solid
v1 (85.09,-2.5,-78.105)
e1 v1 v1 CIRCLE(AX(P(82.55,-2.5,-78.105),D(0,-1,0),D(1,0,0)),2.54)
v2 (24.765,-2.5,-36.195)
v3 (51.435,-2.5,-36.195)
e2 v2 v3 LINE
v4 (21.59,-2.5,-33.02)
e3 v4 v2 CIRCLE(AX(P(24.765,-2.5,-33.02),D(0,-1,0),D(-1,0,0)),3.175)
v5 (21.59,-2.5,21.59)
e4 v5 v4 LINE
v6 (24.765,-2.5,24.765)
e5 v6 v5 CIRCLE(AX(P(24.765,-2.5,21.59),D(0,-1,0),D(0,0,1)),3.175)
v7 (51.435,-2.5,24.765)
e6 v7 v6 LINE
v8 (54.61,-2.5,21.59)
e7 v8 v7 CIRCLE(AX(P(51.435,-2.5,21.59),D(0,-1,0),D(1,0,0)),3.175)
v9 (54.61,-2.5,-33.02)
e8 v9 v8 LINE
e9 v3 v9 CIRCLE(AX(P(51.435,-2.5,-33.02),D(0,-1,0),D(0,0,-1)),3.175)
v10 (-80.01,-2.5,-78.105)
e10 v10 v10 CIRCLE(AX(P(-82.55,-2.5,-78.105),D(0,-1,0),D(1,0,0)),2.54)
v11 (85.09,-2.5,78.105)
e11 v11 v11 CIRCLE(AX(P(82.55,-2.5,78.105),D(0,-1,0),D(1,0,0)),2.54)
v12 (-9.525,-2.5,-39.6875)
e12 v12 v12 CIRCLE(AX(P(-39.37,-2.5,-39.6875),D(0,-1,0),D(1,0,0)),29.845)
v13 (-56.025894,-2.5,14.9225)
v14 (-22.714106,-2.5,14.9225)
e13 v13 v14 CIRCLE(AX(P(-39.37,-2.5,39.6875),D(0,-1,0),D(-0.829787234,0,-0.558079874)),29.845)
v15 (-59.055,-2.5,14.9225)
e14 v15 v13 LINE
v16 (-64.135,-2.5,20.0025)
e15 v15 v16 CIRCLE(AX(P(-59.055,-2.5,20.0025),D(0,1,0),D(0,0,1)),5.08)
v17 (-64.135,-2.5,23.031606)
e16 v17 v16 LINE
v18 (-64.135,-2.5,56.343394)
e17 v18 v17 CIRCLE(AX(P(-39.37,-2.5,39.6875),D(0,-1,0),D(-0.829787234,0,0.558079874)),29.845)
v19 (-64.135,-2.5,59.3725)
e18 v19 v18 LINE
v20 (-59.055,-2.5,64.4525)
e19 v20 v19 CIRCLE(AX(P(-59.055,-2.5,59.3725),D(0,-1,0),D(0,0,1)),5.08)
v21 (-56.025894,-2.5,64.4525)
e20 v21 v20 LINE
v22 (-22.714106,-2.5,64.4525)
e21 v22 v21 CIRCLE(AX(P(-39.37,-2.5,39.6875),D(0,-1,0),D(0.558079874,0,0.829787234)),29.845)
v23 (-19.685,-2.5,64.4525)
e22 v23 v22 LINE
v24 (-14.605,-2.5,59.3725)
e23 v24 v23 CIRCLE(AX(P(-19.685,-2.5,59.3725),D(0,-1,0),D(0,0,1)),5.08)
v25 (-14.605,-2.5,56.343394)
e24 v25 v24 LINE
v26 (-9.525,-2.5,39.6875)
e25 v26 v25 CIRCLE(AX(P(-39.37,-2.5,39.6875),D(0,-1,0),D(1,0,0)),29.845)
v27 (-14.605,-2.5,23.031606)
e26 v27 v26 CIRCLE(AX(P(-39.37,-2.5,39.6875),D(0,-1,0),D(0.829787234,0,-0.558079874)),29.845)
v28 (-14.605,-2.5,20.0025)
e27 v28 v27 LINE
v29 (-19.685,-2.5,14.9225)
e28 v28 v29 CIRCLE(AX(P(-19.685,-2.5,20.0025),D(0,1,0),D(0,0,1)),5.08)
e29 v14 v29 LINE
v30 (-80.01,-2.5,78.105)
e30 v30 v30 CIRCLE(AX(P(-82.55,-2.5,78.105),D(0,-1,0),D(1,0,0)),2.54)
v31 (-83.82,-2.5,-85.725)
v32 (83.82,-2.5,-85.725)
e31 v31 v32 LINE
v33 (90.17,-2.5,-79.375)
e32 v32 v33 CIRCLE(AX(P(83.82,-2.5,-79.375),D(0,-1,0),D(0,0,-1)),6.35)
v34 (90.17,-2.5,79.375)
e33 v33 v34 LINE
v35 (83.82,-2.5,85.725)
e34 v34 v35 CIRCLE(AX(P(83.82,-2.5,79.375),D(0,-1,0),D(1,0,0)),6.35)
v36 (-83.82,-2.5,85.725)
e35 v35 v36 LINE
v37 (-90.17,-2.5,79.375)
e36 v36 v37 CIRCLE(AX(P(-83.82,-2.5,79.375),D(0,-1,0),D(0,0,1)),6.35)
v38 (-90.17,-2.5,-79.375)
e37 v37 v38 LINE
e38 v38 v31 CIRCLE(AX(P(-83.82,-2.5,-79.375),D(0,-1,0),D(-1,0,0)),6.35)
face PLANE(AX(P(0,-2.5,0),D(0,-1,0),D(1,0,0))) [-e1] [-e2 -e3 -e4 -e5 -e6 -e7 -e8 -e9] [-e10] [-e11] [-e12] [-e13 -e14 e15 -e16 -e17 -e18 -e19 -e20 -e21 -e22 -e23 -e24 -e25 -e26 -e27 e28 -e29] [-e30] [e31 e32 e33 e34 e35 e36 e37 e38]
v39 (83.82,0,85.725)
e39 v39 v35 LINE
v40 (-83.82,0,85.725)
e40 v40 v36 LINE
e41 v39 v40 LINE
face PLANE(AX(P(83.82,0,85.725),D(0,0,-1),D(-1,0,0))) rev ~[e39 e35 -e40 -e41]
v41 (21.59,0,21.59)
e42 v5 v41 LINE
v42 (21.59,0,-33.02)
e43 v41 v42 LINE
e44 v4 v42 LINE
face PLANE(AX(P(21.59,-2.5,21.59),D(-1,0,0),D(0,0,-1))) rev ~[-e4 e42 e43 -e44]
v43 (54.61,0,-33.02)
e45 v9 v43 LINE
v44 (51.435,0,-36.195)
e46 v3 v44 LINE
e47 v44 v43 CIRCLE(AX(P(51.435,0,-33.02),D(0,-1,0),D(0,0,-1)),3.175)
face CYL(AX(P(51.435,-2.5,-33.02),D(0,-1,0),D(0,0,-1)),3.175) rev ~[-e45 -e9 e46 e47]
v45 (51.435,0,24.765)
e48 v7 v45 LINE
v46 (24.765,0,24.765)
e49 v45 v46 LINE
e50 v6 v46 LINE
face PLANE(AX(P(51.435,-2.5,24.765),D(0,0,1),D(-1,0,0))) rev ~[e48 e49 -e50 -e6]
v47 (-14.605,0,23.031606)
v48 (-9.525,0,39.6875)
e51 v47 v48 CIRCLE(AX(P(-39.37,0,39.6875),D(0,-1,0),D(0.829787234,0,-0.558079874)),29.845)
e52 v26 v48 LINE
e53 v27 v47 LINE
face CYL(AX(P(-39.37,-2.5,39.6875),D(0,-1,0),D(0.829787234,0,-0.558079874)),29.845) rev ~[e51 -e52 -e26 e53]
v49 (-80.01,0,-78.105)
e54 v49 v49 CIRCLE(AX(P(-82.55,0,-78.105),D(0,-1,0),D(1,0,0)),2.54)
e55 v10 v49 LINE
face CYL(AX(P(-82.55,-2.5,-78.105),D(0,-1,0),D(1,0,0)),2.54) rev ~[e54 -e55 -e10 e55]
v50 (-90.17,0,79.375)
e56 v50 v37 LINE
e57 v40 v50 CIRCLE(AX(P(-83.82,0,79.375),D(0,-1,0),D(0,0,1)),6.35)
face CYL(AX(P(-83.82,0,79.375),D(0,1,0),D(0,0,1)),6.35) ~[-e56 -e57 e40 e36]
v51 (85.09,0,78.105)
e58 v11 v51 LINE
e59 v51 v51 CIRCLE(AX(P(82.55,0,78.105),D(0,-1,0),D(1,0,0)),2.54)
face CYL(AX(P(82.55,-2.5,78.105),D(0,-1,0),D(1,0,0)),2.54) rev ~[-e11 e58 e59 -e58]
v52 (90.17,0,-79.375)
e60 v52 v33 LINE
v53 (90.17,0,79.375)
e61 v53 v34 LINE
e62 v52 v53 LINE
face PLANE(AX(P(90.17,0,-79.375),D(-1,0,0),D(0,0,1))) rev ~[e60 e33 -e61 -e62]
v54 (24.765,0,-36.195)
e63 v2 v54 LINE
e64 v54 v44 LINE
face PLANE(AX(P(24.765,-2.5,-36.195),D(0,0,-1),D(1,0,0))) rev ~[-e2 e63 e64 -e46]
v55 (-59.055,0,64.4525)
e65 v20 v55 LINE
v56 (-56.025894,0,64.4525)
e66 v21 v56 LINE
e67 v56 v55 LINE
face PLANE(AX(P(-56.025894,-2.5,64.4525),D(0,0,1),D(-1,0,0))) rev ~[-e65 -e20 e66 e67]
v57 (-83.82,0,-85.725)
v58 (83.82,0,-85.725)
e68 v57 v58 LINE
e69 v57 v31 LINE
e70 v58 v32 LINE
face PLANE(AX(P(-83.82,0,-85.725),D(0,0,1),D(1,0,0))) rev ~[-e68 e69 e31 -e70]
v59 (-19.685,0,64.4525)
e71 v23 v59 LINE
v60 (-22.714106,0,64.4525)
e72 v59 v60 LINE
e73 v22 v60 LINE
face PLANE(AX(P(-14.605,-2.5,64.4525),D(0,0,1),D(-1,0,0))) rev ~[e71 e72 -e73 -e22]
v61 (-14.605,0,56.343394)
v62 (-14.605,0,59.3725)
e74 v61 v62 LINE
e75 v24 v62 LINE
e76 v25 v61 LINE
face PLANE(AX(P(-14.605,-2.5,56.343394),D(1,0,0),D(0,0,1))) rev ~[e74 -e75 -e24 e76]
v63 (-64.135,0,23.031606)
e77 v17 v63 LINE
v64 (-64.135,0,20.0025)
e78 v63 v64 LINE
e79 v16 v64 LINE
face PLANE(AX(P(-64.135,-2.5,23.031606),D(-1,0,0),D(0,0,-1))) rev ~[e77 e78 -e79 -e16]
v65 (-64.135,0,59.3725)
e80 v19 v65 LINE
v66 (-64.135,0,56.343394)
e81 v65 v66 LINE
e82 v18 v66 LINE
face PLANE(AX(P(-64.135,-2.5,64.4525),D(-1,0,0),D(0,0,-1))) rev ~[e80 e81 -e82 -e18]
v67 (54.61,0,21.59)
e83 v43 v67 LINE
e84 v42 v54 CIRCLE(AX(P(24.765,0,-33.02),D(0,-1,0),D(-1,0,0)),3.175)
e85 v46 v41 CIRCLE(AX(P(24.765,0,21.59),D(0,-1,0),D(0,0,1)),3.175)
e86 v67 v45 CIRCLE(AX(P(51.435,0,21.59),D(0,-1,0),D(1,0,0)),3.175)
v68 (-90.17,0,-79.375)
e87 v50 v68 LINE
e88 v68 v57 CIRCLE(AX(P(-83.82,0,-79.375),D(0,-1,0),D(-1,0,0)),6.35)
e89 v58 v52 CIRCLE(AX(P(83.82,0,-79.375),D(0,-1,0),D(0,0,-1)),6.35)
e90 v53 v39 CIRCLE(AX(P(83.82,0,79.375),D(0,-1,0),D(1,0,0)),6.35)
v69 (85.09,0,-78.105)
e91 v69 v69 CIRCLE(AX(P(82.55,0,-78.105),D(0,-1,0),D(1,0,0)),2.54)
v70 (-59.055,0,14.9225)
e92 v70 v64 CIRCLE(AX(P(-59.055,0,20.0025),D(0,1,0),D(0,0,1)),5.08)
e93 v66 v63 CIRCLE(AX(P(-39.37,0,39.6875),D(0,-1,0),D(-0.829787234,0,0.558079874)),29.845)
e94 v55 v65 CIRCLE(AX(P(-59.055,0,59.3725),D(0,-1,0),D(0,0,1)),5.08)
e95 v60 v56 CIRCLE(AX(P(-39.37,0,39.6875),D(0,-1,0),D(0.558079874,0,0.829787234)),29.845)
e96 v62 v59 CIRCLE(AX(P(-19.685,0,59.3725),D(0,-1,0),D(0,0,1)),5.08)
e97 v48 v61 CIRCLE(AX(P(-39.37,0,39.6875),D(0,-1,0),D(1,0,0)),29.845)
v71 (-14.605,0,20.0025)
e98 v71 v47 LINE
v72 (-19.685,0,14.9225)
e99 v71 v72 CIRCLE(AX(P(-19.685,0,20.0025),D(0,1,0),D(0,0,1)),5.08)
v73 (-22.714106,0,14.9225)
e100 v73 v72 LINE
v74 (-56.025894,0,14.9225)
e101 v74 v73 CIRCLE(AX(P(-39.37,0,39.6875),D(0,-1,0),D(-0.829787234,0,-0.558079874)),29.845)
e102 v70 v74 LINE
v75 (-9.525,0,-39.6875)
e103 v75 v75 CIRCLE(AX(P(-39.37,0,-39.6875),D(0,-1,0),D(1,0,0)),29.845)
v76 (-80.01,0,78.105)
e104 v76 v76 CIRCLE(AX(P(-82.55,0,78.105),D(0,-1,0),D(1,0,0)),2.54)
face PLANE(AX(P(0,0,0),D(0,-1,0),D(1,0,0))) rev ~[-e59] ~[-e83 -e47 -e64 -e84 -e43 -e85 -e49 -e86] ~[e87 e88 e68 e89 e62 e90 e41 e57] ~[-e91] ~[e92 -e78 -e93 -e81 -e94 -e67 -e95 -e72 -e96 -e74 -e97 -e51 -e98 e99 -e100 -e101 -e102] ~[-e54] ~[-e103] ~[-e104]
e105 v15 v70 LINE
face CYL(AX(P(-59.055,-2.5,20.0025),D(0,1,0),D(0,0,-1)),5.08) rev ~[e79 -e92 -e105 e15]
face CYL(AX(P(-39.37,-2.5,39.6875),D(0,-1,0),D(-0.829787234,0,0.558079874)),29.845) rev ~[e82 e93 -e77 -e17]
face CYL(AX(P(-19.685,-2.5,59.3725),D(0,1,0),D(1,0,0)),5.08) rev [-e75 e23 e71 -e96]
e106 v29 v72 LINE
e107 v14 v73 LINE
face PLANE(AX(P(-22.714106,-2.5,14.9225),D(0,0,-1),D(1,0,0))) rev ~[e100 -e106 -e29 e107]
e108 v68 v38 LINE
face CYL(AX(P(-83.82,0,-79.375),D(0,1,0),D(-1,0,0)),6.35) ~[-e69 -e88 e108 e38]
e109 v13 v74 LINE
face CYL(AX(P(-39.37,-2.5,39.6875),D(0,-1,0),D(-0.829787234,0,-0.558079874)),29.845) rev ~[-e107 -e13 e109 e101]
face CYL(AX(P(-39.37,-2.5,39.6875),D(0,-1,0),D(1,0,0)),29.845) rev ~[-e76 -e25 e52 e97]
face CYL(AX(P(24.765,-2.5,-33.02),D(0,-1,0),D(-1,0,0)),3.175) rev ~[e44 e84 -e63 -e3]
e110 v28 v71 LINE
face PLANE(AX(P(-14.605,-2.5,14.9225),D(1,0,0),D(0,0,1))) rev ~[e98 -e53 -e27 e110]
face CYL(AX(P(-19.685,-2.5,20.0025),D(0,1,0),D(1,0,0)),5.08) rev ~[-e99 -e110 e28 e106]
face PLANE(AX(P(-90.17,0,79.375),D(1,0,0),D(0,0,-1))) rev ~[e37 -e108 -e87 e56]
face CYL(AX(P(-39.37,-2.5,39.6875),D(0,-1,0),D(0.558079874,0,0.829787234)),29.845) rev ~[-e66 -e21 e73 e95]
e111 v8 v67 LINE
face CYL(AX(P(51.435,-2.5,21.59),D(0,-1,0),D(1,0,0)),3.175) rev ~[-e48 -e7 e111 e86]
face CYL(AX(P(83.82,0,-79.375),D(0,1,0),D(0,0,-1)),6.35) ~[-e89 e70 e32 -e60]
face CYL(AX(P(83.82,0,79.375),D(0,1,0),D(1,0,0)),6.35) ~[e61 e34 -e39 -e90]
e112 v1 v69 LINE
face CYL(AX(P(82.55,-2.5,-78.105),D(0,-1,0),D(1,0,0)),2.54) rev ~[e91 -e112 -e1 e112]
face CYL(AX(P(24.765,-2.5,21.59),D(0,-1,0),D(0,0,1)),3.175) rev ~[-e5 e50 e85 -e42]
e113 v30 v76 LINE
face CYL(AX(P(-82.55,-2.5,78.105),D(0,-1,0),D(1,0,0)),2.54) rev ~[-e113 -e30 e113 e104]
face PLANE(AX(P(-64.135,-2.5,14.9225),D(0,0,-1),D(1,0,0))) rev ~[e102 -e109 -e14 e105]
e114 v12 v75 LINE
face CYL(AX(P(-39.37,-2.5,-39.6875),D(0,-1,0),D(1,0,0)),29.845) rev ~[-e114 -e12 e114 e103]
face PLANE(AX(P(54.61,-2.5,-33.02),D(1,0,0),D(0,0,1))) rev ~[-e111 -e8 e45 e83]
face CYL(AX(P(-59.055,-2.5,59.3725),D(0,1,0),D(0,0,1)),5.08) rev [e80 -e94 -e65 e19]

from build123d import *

# Parameters (mm, degrees)
F1_DEPTH = 2.5
F3_DEPTH = 25.4
F4_R     = 29.845
F5_DEPTH = 25.4
F6_R     = 2.54
F7_DEPTH = 25.4
F8_R     = 5.08


with BuildPart() as f1:
    # F0 (on Front) → F1 (new body)
    with BuildSketch(Plane.XZ):
        with BuildLine():
            ThreePointArc((90.17, 79.375), (88.3101280605, 83.8651280605), (83.82, 85.725))
            Line((83.82, 85.725), (-83.82, 85.725))
            ThreePointArc((-83.82, 85.725), (-88.3101280605, 83.8651280605), (-90.17, 79.375))
            Line((-90.17, 79.375), (-90.17, -79.375))
            ThreePointArc((-90.17, -79.375), (-88.3101280605, -83.8651280605), (-83.82, -85.725))
            Line((-83.82, -85.725), (83.82, -85.725))
            ThreePointArc((83.82, -85.725), (88.3101280605, -83.8651280605), (90.17, -79.375))
            Line((90.17, -79.375), (90.17, 79.375))
        make_face()
    extrude(amount=F1_DEPTH)

    # F2 (on face) → F3 (cut)
    with BuildSketch(Plane.XZ.offset(2.5)):
        with BuildLine():
            Line((51.435, 24.765), (24.765, 24.765))
            ThreePointArc((24.765, 24.765), (22.5199359697, 23.8350640303), (21.59, 21.59))
            Line((21.59, 21.59), (21.59, -33.02))
            ThreePointArc((21.59, -33.02), (22.5199359697, -35.2650640303), (24.765, -36.195))
            Line((24.765, -36.195), (51.435, -36.195))
            ThreePointArc((51.435, -36.195), (53.6800640303, -35.2650640303), (54.61, -33.02))
            Line((54.61, -33.02), (54.61, 21.59))
            ThreePointArc((54.61, 21.59), (53.6800640303, 23.8350640303), (51.435, 24.765))
        make_face()
    extrude(amount=-F3_DEPTH, mode=Mode.SUBTRACT)

    # F4 (on face) → F5 (cut)
    with BuildSketch(Plane.XZ.offset(2.5)):
        with BuildLine():
            ThreePointArc((-14.605, 23.0316061483), (-10.8232361729, 30.9808186575), (-9.525, 39.6875))
            ThreePointArc((-9.525, 39.6875), (-10.8232361729, 48.3941813425), (-14.605, 56.3433938517))
            Line((-14.605, 56.3433938517), (-14.605, 23.0316061483))
        make_face()
        with BuildLine():
            Line((-14.605, 23.0316061483), (-14.605, 56.3433938517))
            ThreePointArc((-14.605, 56.3433938517), (-18.2663981155, 60.7911018845), (-22.7141061483, 64.4525))
            Line((-22.7141061483, 64.4525), (-56.0258938517, 64.4525))
            ThreePointArc((-56.0258938517, 64.4525), (-60.4736018845, 60.7911018845), (-64.135, 56.3433938517))
            Line((-64.135, 56.3433938517), (-64.135, 23.0316061483))
            ThreePointArc((-64.135, 23.0316061483), (-60.4736018845, 18.5838981155), (-56.0258938517, 14.9225))
            Line((-56.0258938517, 14.9225), (-22.7141061483, 14.9225))
            ThreePointArc((-22.7141061483, 14.9225), (-18.2663981155, 18.5838981155), (-14.605, 23.0316061483))
        make_face()
        with BuildLine():
            ThreePointArc((-22.7141061483, 64.4525), (-18.2663981155, 60.7911018845), (-14.605, 56.3433938517))
            Line((-14.605, 56.3433938517), (-14.605, 64.4525))
            Line((-14.605, 64.4525), (-22.7141061483, 64.4525))
        make_face()
        with BuildLine():
            Line((-14.605, 14.9225), (-14.605, 23.0316061483))
            ThreePointArc((-14.605, 23.0316061483), (-18.2663981155, 18.5838981155), (-22.7141061483, 14.9225))
            Line((-22.7141061483, 14.9225), (-14.605, 14.9225))
        make_face()
        with BuildLine():
            Line((-56.0258938517, 64.4525), (-22.7141061483, 64.4525))
            ThreePointArc((-22.7141061483, 64.4525), (-39.37, 69.5325), (-56.0258938517, 64.4525))
        make_face()
        with BuildLine():
            ThreePointArc((-56.0258938517, 14.9225), (-39.37, 9.8425), (-22.7141061483, 14.9225))
            Line((-22.7141061483, 14.9225), (-56.0258938517, 14.9225))
        make_face()
        with BuildLine():
            ThreePointArc((-64.135, 56.3433938517), (-60.4736018845, 60.7911018845), (-56.0258938517, 64.4525))
            Line((-56.0258938517, 64.4525), (-64.135, 64.4525))
            Line((-64.135, 64.4525), (-64.135, 56.3433938517))
        make_face()
        with BuildLine():
            Line((-64.135, 14.9225), (-56.0258938517, 14.9225))
            ThreePointArc((-56.0258938517, 14.9225), (-60.4736018845, 18.5838981155), (-64.135, 23.0316061483))
            Line((-64.135, 23.0316061483), (-64.135, 14.9225))
        make_face()
        with BuildLine():
            Line((-64.135, 23.0316061483), (-64.135, 56.3433938517))
            ThreePointArc((-64.135, 56.3433938517), (-69.215, 39.6875), (-64.135, 23.0316061483))
        make_face()
        with Locations((-39.37, -39.6875)):
            Circle(F4_R)
    extrude(amount=-F5_DEPTH, mode=Mode.SUBTRACT)

    # F6 (on face) → F7 (cut)
    with BuildSketch(Plane.XZ.offset(2.5)):
        with Locations((-82.55, 78.105)):
            Circle(F6_R)
        with Locations((82.55, 78.105)):
            Circle(F6_R)
        with Locations((82.55, -78.105)):
            Circle(F6_R)
        with Locations((-82.55, -78.105)):
            Circle(F6_R)
    extrude(amount=-F7_DEPTH, mode=Mode.SUBTRACT)

    # F8
    f8_edges = [f1.edges().sort_by_distance(p)[0] for p in [
        (-64.135, -1.25, 14.9225),
        (-14.605, -1.25, 14.9225),
        (-14.605, -1.25, 64.4525),
        (-64.135, -1.25, 64.4525),
    ]]
    fillet(f8_edges, radius=F8_R)


solid = f1.part
